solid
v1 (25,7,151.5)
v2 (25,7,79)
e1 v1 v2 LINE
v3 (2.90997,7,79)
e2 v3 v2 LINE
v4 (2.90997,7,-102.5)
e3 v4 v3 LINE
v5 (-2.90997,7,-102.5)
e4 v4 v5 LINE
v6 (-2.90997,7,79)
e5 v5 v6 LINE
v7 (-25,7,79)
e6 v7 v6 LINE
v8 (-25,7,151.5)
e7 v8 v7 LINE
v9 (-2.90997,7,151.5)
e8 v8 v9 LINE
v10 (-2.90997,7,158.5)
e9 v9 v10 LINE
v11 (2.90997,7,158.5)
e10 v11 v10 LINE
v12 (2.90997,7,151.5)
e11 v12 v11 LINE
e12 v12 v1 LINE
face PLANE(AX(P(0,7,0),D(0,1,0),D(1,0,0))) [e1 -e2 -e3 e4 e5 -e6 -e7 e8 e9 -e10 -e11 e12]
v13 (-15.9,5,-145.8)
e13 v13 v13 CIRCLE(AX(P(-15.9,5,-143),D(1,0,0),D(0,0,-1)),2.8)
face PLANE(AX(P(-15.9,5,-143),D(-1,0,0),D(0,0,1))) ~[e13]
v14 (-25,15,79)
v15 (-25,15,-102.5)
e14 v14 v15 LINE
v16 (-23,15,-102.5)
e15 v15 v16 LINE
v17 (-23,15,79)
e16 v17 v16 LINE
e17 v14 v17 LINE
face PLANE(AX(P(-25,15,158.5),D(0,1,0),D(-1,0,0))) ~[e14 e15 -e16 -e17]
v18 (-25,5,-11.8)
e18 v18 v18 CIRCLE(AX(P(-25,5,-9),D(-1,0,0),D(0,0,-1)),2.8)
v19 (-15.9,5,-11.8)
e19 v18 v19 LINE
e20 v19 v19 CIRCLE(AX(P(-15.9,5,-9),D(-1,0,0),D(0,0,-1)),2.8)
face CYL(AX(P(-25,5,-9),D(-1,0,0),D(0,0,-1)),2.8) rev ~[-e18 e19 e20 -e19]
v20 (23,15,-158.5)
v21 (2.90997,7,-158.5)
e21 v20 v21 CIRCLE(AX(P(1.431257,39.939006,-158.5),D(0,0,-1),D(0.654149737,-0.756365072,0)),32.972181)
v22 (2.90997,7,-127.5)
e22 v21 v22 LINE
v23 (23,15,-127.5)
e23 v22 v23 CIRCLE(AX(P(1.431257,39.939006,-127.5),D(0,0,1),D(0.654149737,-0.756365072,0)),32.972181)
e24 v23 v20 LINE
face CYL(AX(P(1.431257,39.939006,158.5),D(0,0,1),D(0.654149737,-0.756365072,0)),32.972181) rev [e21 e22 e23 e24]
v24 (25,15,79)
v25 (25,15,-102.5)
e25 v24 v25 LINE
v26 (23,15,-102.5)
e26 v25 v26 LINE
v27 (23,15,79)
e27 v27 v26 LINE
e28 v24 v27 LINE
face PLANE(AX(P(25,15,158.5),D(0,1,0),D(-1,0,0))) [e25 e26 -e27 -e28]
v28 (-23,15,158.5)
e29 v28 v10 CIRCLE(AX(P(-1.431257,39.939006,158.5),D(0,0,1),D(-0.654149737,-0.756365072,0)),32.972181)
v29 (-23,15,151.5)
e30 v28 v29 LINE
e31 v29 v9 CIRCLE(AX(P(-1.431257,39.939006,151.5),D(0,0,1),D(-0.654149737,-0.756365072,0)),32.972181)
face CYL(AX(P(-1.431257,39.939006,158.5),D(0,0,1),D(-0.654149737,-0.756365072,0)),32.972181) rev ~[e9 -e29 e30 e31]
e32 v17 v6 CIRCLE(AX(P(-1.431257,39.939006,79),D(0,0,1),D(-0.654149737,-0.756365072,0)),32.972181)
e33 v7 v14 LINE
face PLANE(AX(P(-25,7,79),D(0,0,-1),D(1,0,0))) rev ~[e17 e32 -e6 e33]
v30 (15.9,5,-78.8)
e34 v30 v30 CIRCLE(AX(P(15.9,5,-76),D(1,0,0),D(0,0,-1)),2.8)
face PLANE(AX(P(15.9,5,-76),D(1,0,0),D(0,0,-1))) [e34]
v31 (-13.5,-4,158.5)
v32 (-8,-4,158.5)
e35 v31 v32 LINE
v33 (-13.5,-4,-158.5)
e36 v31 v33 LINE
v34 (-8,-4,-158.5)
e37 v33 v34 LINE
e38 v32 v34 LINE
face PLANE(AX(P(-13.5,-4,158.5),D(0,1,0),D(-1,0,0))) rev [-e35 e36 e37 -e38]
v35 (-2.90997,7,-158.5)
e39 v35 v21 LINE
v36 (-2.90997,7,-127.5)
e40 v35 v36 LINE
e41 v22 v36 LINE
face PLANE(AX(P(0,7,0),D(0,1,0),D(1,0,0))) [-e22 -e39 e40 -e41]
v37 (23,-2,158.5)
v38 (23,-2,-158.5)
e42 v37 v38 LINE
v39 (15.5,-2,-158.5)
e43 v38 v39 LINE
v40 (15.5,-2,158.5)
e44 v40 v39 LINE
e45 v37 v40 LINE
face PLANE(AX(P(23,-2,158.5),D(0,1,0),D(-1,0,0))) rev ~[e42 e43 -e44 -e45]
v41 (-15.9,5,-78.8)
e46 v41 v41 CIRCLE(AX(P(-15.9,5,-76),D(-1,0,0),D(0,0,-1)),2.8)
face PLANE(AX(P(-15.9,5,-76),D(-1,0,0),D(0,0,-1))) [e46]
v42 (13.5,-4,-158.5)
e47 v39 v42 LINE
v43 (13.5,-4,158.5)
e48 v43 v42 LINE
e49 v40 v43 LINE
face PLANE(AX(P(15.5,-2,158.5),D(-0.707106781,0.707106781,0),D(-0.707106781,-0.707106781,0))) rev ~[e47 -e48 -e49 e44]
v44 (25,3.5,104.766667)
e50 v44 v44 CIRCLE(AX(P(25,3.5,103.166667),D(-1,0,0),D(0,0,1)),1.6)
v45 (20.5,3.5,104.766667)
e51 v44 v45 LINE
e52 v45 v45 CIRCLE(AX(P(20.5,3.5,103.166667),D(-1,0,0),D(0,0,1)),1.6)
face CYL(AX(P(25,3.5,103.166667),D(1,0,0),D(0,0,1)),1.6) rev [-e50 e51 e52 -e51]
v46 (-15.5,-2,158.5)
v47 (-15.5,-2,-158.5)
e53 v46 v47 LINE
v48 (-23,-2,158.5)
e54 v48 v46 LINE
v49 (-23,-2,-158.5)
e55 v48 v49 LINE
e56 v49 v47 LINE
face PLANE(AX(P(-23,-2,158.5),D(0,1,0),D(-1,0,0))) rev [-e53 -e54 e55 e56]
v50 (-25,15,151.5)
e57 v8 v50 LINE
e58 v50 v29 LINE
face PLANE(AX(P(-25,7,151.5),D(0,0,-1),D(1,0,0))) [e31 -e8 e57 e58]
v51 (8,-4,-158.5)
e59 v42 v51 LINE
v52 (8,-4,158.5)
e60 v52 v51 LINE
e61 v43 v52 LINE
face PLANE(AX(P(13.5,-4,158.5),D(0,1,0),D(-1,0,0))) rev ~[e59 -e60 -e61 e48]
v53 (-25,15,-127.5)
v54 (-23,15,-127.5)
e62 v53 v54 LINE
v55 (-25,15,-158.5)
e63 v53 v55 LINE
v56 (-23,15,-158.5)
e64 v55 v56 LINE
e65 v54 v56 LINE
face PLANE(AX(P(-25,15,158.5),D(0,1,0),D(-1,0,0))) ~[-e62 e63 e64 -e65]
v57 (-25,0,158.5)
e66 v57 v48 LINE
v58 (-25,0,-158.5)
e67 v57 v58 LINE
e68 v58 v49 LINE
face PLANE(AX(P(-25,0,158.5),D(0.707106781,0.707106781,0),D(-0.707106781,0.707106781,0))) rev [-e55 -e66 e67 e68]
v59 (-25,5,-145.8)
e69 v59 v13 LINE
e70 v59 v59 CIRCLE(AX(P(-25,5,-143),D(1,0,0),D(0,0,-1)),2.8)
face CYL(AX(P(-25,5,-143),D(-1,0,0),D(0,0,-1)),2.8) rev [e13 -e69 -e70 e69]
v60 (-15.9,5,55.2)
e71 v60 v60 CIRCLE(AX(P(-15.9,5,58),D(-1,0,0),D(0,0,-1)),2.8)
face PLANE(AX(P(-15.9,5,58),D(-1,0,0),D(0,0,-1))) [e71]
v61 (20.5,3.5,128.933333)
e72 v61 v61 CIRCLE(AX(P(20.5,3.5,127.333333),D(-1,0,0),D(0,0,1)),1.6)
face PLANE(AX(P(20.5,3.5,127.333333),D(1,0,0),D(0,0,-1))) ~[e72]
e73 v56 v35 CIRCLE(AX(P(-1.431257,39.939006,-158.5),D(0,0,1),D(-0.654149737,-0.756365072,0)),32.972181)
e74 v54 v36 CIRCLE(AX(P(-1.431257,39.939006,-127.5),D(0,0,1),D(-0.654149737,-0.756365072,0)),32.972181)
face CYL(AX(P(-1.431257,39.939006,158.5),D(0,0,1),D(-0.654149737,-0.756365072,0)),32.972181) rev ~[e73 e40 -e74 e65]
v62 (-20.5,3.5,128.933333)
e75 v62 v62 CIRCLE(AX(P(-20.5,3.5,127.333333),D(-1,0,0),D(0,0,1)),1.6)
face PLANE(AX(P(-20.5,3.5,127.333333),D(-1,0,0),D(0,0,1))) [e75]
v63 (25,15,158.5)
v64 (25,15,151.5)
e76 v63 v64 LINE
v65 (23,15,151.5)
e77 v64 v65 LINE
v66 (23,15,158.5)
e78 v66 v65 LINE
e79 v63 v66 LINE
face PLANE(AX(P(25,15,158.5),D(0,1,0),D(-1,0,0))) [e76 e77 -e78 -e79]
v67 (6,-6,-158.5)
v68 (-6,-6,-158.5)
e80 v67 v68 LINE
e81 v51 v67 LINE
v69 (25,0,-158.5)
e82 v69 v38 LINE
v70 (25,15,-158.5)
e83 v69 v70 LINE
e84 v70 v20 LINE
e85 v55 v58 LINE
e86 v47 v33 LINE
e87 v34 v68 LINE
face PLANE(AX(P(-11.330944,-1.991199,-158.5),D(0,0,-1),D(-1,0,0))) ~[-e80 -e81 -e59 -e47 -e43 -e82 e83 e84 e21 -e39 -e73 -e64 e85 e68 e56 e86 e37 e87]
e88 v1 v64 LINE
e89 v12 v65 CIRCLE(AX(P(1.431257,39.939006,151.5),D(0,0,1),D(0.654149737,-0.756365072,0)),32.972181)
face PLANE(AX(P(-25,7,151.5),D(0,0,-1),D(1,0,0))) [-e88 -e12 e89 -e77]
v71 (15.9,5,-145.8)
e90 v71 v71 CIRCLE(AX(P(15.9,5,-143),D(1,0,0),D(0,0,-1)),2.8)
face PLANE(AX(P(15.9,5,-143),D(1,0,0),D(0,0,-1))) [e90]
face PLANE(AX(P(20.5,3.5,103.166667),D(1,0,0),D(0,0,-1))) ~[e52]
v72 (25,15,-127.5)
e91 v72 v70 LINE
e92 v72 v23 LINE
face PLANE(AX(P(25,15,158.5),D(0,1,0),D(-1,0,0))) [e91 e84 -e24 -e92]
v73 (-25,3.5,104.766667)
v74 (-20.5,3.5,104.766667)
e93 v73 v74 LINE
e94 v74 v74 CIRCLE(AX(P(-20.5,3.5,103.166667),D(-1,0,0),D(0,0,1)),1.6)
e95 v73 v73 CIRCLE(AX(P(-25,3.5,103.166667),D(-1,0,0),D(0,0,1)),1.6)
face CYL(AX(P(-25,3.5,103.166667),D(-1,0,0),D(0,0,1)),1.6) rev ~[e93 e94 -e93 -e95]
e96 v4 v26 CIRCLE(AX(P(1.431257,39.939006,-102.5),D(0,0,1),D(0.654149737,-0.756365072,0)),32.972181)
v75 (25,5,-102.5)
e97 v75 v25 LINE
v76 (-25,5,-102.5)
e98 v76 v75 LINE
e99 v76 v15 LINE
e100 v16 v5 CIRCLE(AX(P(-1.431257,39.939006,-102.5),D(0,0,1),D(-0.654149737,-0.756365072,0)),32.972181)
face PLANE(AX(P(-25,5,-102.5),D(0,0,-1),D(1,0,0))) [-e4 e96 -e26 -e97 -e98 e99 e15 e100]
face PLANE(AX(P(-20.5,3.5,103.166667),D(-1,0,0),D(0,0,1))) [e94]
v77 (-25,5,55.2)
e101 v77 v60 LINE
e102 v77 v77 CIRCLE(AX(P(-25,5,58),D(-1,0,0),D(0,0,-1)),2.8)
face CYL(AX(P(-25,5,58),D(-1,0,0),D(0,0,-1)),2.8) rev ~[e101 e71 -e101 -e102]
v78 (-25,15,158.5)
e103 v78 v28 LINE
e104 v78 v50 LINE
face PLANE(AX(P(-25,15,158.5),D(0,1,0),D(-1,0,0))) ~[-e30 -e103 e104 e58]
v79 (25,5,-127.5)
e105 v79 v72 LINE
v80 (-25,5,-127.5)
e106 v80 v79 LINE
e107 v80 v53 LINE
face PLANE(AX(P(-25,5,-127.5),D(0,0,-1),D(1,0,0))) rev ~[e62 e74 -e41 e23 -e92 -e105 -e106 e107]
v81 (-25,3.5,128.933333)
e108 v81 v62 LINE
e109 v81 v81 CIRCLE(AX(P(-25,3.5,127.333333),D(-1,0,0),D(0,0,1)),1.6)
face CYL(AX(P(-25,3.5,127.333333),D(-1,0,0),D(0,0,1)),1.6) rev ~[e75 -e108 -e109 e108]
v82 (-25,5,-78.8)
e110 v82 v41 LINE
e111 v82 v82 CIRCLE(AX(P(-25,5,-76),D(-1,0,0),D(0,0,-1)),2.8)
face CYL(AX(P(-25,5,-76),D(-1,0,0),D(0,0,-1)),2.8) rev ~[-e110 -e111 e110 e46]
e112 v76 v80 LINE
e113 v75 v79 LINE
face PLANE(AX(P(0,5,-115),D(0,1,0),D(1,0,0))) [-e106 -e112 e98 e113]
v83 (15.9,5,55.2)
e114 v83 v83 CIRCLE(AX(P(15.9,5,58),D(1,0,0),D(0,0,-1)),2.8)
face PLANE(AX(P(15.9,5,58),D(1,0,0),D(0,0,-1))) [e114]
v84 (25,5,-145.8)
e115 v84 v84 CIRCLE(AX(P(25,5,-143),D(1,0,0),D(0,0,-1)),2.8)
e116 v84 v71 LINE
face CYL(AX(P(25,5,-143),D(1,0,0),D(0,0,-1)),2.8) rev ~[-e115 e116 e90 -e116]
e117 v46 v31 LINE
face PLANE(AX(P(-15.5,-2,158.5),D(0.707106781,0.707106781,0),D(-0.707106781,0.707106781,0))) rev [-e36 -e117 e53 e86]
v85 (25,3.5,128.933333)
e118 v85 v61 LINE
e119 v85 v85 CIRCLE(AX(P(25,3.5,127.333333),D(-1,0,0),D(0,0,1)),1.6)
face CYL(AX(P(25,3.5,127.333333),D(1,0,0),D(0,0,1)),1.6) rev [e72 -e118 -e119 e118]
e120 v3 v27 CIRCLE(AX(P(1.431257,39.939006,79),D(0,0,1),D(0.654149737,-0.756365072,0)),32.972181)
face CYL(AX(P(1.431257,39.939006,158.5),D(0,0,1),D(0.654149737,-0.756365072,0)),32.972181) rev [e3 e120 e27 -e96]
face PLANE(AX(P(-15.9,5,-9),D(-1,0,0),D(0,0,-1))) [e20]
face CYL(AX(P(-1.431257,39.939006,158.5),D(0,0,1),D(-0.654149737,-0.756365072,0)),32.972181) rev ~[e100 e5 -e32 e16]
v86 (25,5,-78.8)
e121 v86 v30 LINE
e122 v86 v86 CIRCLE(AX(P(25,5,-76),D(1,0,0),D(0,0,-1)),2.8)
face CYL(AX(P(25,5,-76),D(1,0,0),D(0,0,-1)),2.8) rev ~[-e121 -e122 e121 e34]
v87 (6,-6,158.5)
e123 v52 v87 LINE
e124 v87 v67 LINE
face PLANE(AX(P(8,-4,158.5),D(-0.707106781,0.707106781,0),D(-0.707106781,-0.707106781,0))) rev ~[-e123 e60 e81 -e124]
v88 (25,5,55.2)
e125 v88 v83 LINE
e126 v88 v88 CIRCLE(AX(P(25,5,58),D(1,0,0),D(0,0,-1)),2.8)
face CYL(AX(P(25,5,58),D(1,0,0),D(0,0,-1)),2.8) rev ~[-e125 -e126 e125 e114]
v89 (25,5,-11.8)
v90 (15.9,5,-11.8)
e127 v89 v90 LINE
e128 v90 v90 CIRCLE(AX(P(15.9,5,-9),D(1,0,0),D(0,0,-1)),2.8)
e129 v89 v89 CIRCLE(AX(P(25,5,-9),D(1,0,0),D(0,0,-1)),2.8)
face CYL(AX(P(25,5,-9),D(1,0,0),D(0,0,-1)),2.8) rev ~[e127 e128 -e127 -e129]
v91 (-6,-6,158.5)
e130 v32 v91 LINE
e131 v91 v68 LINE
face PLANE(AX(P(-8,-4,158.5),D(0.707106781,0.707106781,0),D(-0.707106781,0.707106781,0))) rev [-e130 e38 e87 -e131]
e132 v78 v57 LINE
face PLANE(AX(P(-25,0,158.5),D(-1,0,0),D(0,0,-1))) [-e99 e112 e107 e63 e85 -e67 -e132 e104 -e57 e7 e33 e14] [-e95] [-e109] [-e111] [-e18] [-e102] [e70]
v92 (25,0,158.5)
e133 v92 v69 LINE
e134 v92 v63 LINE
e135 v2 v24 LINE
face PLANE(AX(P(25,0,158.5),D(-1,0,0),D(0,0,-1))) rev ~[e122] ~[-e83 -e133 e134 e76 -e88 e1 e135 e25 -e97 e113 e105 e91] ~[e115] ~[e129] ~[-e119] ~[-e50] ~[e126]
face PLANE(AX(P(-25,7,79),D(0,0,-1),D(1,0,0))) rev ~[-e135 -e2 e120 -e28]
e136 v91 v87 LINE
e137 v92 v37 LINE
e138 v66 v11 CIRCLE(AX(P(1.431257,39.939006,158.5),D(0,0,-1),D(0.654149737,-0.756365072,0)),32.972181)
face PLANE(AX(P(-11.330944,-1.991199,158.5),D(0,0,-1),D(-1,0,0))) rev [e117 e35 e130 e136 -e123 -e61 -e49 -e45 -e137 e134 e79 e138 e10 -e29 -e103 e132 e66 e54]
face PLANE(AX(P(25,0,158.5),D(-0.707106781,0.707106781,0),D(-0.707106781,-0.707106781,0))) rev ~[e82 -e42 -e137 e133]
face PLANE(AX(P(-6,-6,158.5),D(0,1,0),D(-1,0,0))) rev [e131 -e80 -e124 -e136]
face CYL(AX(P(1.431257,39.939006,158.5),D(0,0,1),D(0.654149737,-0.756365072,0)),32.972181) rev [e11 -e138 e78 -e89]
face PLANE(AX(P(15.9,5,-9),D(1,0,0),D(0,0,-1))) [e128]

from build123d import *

# Parameters (mm, degrees)
SKETCH1_W               = 50
SKETCH1_H               = 317
BOSS_EXTRUDE1_DEPTH     = 7
BOSS_EXTRUDE2_DEPTH     = 317
SKETCH4_W               = 50
SKETCH4_H               = 72.5
CUT_EXTRUDE2_DEPTH      = 15
CUT_EXTRUDE3_DEPTH      = 12.5
CUT_EXTRUDE3_DEPTH_BACK = 2
SKETCH5_W               = 50
SKETCH5_H               = 25
SKETCH6_R               = 1.6
CUT_EXTRUDE4_DEPTH      = 4.5
SKETCH7_R               = 2.8
CUT_EXTRUDE5_DEPTH      = 9.1
LPATTERN2_COUNT         = 4
LPATTERN2_PITCH         = 67
MIRROR3_COPY_1_SKETCH_R = 2.8
MIRROR3_COPY_1_DEPTH    = 9.1
MIRROR3_COPY_2_SKETCH_R = 2.8
MIRROR3_COPY_2_DEPTH    = 9.1
MIRROR3_COPY_3_SKETCH_R = 2.8
MIRROR3_COPY_3_DEPTH    = 9.1
BOSS_EXTRUDE3_DEPTH     = 317


with BuildPart() as part:
    # Sketch1 → Boss-Extrude1 (new body)
    with BuildSketch(Plane(origin=(0, 0, 0), x_dir=(1, 0, 0), z_dir=(0, 1, 0))):
        Rectangle(SKETCH1_W, SKETCH1_H)
    extrude(amount=BOSS_EXTRUDE1_DEPTH)

    # Sketch2 → Boss-Extrude2 (add)
    with BuildSketch(Plane.XY.offset(158.5)):
        with BuildLine():
            Line((25, 0), (25, 15))
            Line((25, 15), (23, 15))
            ThreePointArc((23, 15), (12.243394569, 8.789970948), (-0.047456713, 7))
            Line((-0.047456713, 7), (-0.047456713, 0))
            Line((-0.047456713, 0), (25, 0))
        make_face()
    boss_extrude2 = extrude(amount=-BOSS_EXTRUDE2_DEPTH)

    # Mirror1: Boss-Extrude2 across plane
    add(boss_extrude2.mirror(Plane(origin=(0, 0, 0), x_dir=(0, 0, 1), z_dir=(1, 0, 0))))

    # Sketch4 → Cut-Extrude2 (cut)
    with BuildSketch(Plane(origin=(0, 7, 0), x_dir=(1, 0, 0), z_dir=(0, 1, 0))):
        with Locations((0, -115.25)):
            Rectangle(SKETCH4_W, SKETCH4_H)
    extrude(amount=CUT_EXTRUDE2_DEPTH, mode=Mode.SUBTRACT)

    # Sketch5 → Cut-Extrude3 (cut, two sides: drawn at the far end of the back side and taken through both)
    with BuildSketch(Plane(origin=(0, 7, 0), x_dir=(1, 0, 0), z_dir=(0, 1, 0)).offset(-CUT_EXTRUDE3_DEPTH_BACK)):
        with Locations((0, 115)):
            Rectangle(SKETCH5_W, SKETCH5_H)
    extrude(amount=CUT_EXTRUDE3_DEPTH + CUT_EXTRUDE3_DEPTH_BACK, mode=Mode.SUBTRACT)

    # Sketch6 → Cut-Extrude4 (cut)
    with BuildSketch(Plane.ZY.offset(25)):
        with Locations((103.166666667, 3.5)):
            Circle(SKETCH6_R)
        with Locations((127.333333333, 3.5)):
            Circle(SKETCH6_R)
    cut_extrude4 = extrude(amount=-CUT_EXTRUDE4_DEPTH, mode=Mode.SUBTRACT)

    # Sketch7 → Cut-Extrude5 (cut)
    with BuildSketch(Plane(origin=(25, 0, 0), x_dir=(0, 0, -1), z_dir=(1, 0, 0))):
        with Locations((143, 5)):
            Circle(SKETCH7_R)
    cut_extrude5 = extrude(amount=-CUT_EXTRUDE5_DEPTH, mode=Mode.SUBTRACT)

    # LPattern2: Cut-Extrude5 ×4
    with Locations(*[(0, 0, i * LPATTERN2_PITCH) for i in range(1, LPATTERN2_COUNT)]):
        add(cut_extrude5, mode=Mode.SUBTRACT)

    # Mirror3: Cut-Extrude4, Cut-Extrude5 across plane
    add(cut_extrude4.mirror(Plane(origin=(0, 0, 0), x_dir=(0, 0, 1), z_dir=(1, 0, 0))), mode=Mode.SUBTRACT)
    add(cut_extrude5.mirror(Plane(origin=(0, 0, 0), x_dir=(0, 0, 1), z_dir=(1, 0, 0))), mode=Mode.SUBTRACT)

    # Mirror3 copy 1 sketch → Mirror3 copy 1 (cut)
    with BuildSketch(Plane(origin=(-25, 0, 67), x_dir=(0, 0, -1), z_dir=(-1, 0, 0))):
        with Locations((143, -5)):
            Circle(MIRROR3_COPY_1_SKETCH_R)
    extrude(amount=-MIRROR3_COPY_1_DEPTH, mode=Mode.SUBTRACT)

    # Mirror3 copy 2 sketch → Mirror3 copy 2 (cut)
    with BuildSketch(Plane(origin=(-25, 0, 134), x_dir=(0, 0, -1), z_dir=(-1, 0, 0))):
        with Locations((143, -5)):
            Circle(MIRROR3_COPY_2_SKETCH_R)
    extrude(amount=-MIRROR3_COPY_2_DEPTH, mode=Mode.SUBTRACT)

    # Mirror3 copy 3 sketch → Mirror3 copy 3 (cut)
    with BuildSketch(Plane(origin=(-25, 0, 201), x_dir=(0, 0, -1), z_dir=(-1, 0, 0))):
        with Locations((143, -5)):
            Circle(MIRROR3_COPY_3_SKETCH_R)
    extrude(amount=-MIRROR3_COPY_3_DEPTH, mode=Mode.SUBTRACT)

    # Sketch8 → Boss-Extrude3 (add)
    with BuildSketch(Plane.XY.offset(158.5)):
        Polygon((23, -2), (15.5, -2), (13.5, -4), (8, -4), (6, -6), (0, -6), (0, 0), (25, 0), align=None)
    boss_extrude3 = extrude(amount=-BOSS_EXTRUDE3_DEPTH)

    # Mirror4: Boss-Extrude3 across plane
    add(boss_extrude3.mirror(Plane(origin=(0, 0, 0), x_dir=(0, 0, 1), z_dir=(1, 0, 0))))


solid = part.part
